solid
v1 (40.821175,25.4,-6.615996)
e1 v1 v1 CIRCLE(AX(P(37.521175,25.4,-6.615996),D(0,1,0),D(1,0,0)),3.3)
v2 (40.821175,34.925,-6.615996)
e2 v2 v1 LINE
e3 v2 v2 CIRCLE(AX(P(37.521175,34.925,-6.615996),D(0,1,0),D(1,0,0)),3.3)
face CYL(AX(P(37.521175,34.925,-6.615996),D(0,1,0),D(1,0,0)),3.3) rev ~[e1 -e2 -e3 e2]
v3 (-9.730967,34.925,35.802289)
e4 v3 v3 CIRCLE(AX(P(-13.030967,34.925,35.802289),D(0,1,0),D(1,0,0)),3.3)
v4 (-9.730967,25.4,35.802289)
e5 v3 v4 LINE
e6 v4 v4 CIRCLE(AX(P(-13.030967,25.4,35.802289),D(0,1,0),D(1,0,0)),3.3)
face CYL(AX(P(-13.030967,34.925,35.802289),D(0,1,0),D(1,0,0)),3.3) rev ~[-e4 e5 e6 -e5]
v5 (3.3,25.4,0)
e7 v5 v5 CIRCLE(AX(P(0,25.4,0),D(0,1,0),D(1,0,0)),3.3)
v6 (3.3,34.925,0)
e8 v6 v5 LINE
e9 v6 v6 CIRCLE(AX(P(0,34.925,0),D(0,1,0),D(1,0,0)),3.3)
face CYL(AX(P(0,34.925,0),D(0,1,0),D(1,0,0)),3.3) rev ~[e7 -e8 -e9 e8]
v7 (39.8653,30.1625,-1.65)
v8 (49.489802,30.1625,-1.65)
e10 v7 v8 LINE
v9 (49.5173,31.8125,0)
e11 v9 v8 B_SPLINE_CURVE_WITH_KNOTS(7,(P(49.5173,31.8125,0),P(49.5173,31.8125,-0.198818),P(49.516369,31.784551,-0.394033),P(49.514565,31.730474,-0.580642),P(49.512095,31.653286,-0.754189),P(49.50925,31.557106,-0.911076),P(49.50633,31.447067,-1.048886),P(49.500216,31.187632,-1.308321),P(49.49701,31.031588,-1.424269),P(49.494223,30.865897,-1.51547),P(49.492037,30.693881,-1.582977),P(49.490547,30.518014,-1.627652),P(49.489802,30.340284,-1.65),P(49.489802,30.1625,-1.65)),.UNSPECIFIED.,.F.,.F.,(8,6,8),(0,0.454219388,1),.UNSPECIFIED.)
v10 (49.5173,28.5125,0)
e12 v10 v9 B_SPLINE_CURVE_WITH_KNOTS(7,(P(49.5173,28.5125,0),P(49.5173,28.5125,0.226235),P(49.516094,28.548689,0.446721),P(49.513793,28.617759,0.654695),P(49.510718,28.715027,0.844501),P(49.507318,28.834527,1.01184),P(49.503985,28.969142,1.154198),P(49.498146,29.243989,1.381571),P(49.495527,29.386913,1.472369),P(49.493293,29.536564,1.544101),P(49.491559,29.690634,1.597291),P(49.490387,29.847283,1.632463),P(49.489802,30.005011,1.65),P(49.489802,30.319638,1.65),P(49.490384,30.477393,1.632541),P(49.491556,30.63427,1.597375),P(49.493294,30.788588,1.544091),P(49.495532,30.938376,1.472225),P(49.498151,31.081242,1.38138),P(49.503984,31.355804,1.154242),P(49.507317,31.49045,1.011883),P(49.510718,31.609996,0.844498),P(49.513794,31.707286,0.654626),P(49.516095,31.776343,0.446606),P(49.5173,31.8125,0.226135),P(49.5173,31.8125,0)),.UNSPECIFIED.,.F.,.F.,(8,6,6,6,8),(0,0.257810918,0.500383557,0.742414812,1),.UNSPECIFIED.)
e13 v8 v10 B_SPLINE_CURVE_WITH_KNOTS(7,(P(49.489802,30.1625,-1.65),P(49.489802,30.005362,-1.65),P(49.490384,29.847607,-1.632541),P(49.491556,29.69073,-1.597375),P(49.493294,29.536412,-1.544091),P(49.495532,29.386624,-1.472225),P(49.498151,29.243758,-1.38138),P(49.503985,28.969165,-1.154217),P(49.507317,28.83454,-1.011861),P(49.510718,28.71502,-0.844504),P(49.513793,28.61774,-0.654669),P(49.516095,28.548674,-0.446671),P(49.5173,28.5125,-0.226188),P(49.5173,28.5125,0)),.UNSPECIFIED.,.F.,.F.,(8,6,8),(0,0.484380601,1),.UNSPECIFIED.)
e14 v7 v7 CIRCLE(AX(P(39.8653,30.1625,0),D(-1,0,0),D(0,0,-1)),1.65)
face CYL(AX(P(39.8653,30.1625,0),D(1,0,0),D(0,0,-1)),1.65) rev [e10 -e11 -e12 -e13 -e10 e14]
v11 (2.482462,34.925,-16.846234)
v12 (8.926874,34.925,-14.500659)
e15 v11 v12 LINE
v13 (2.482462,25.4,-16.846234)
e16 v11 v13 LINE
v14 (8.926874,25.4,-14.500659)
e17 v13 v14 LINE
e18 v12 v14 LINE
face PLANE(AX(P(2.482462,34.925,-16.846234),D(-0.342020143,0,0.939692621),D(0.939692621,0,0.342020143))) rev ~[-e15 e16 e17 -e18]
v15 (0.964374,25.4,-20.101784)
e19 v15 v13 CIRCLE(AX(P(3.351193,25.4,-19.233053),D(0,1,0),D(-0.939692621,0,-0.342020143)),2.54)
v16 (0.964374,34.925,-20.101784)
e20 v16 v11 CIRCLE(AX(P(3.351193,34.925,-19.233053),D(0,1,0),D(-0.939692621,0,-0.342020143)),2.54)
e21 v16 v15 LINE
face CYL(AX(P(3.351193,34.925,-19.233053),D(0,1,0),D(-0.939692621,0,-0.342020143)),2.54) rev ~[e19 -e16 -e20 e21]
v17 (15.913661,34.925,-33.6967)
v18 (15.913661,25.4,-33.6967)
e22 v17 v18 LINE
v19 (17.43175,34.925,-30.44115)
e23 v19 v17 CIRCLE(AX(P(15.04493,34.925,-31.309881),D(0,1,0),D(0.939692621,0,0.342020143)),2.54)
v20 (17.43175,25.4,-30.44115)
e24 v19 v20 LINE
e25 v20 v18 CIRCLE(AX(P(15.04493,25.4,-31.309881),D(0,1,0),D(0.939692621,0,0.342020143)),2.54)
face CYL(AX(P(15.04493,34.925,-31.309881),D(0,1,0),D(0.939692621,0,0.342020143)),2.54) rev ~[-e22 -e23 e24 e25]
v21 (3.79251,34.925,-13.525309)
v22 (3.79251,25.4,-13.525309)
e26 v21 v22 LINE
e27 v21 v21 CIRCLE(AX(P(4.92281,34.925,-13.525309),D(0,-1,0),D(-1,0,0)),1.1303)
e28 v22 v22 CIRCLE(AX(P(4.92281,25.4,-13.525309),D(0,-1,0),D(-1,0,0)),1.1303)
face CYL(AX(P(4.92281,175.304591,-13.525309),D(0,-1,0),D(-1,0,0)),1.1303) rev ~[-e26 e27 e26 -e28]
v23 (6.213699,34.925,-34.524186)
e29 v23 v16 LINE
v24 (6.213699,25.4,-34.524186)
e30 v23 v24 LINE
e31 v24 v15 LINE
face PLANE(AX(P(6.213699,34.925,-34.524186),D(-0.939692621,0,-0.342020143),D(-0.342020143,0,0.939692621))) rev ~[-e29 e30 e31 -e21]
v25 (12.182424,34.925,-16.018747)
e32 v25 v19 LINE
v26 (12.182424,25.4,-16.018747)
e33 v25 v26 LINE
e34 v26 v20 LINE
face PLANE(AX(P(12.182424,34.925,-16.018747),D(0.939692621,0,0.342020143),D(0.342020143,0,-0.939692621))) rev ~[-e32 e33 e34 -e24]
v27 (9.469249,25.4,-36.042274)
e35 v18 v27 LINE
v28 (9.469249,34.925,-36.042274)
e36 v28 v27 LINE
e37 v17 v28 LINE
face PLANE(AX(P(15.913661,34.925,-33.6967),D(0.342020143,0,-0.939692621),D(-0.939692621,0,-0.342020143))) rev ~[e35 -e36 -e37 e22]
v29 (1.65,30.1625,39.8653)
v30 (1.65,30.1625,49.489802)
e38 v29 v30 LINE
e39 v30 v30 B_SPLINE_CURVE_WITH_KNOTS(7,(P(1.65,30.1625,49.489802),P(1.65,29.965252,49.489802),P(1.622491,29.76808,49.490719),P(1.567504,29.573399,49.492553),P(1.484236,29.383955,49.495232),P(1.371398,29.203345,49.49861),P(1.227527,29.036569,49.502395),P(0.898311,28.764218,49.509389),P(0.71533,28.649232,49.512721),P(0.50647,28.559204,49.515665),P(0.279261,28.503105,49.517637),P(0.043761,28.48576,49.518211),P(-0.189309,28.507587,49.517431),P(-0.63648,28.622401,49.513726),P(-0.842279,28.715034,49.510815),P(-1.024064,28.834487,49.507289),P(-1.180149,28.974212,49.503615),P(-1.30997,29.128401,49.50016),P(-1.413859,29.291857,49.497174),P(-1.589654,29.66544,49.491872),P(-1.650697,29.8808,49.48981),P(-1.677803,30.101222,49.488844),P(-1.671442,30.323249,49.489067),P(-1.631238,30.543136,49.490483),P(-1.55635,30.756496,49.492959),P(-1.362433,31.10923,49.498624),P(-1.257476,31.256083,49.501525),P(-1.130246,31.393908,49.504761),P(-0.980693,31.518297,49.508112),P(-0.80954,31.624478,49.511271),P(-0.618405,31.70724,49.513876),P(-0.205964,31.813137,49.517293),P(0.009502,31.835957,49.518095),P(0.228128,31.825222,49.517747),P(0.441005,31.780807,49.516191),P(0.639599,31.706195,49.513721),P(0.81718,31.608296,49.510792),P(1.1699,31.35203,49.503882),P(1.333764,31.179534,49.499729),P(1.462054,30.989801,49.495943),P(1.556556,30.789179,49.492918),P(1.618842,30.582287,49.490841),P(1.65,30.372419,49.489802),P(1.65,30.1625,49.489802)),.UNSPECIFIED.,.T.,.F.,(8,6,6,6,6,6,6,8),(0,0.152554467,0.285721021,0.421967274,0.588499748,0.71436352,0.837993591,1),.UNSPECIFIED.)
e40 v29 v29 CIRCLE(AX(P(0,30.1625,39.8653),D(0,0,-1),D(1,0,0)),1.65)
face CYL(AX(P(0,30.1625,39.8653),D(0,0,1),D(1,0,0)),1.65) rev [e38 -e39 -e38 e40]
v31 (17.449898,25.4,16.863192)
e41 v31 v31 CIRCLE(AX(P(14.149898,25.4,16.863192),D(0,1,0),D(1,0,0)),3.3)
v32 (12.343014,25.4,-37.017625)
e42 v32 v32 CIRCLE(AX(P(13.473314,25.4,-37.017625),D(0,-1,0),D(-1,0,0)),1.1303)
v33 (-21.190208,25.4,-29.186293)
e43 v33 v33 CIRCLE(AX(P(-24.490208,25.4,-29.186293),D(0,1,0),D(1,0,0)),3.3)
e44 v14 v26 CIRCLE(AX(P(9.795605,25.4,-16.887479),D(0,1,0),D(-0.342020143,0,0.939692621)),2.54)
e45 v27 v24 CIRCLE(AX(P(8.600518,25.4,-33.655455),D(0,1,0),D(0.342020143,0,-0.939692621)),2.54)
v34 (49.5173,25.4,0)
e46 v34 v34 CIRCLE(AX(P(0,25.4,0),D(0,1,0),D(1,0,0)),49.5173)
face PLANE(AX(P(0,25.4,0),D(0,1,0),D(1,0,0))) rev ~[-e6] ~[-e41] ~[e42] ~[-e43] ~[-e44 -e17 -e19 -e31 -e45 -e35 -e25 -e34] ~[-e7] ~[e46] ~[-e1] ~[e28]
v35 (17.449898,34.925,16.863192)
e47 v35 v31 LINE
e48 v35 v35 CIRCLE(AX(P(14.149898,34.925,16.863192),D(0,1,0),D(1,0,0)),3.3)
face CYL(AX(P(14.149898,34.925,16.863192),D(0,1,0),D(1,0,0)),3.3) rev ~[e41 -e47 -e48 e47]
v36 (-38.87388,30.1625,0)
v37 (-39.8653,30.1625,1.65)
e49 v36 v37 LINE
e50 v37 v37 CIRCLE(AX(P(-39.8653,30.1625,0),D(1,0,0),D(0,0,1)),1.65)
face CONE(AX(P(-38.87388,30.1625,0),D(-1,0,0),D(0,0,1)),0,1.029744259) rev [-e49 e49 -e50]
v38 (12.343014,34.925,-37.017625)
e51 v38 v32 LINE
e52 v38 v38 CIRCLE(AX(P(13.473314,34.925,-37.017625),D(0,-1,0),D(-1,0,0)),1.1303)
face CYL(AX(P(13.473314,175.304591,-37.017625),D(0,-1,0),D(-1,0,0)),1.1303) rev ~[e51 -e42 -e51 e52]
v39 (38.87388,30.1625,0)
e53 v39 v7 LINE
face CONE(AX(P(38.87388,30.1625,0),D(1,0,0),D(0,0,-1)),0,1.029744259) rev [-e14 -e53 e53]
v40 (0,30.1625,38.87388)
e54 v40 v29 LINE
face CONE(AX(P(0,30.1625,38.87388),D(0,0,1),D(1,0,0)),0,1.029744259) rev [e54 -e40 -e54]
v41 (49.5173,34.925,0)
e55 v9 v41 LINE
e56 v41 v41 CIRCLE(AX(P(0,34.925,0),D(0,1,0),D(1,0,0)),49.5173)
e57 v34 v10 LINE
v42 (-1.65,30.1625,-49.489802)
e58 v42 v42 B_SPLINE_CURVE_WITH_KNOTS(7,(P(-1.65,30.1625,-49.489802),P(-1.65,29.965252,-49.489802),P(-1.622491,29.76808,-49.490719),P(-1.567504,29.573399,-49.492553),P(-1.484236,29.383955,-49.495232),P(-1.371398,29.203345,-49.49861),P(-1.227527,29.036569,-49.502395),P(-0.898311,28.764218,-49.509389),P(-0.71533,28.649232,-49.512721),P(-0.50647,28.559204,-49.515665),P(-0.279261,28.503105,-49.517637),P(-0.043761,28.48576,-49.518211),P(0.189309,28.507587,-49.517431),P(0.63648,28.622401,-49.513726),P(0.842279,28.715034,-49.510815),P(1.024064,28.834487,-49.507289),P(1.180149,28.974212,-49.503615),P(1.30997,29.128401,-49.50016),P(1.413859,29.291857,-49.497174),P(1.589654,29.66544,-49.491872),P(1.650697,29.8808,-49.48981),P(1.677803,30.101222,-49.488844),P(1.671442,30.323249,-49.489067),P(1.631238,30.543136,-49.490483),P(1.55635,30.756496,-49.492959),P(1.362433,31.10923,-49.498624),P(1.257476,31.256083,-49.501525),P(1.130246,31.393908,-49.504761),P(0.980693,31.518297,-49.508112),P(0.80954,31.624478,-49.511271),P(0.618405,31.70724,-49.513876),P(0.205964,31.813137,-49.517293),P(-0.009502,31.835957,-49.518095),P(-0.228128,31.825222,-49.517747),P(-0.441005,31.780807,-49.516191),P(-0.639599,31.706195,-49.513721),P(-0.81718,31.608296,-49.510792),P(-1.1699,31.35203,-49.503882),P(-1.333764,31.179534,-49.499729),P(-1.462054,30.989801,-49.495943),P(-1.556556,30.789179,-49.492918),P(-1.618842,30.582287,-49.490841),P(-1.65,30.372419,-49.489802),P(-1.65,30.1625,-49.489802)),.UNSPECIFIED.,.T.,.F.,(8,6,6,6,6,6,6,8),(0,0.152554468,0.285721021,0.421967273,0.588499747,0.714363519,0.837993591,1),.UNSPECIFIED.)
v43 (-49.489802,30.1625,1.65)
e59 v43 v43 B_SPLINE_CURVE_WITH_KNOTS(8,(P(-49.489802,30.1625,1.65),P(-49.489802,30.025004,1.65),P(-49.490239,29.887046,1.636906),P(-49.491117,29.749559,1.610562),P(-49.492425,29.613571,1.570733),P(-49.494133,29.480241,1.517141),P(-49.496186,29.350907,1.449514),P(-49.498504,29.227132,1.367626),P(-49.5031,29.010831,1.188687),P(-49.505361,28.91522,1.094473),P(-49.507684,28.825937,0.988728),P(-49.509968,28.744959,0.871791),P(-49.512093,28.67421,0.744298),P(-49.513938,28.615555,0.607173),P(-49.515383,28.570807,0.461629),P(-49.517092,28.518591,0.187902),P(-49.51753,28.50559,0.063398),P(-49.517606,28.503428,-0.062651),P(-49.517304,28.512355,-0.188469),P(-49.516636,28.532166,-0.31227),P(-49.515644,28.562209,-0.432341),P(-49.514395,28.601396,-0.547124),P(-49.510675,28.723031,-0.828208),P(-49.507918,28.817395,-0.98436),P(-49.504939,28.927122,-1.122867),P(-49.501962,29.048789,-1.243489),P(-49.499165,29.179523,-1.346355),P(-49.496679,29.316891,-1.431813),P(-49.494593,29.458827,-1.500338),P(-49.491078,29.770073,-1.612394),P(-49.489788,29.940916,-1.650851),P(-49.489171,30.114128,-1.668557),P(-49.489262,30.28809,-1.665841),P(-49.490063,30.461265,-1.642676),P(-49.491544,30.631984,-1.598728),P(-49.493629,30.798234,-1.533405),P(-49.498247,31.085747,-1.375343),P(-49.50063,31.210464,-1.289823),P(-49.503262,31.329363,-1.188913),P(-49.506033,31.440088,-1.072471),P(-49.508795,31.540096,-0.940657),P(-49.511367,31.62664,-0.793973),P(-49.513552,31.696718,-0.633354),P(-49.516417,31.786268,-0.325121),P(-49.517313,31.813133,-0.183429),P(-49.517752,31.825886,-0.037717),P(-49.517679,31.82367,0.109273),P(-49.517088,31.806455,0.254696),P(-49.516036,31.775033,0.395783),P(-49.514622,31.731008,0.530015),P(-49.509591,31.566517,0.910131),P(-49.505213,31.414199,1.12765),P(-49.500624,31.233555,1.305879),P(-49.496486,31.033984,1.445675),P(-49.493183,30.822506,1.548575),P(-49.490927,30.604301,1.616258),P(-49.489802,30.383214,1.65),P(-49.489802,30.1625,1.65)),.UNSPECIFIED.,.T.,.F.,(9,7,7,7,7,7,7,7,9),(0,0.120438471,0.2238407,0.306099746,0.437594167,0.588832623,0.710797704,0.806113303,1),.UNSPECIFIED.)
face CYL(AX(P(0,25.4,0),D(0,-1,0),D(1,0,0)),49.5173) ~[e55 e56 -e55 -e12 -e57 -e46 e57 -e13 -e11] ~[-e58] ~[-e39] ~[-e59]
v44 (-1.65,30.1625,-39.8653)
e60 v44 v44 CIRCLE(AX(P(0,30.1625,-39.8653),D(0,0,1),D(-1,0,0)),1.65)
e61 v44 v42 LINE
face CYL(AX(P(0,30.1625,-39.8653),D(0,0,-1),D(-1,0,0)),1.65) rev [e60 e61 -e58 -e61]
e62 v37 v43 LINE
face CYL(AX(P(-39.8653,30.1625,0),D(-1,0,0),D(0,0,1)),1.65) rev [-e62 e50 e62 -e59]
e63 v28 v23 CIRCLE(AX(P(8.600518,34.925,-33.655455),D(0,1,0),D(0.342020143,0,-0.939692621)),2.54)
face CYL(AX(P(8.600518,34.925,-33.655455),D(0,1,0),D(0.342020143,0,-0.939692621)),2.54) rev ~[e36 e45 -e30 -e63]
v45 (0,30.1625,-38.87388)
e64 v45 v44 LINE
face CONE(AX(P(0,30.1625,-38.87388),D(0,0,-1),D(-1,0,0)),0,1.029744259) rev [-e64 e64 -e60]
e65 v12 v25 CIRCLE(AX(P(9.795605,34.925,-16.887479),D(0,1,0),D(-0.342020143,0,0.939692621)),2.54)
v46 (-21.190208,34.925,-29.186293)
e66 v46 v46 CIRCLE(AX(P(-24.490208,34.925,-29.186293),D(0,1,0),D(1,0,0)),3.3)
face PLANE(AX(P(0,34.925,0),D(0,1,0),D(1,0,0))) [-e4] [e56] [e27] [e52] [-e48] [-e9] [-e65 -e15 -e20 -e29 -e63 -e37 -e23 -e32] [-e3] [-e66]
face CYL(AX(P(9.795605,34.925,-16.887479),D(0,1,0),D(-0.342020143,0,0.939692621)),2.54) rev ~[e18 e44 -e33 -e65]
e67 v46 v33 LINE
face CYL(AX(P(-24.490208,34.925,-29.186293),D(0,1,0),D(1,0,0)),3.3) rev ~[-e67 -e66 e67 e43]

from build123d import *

# Parameters (mm, degrees)
SKETCH1_R                 = 78.359
SKETCH1_R_2               = 51.1048
BOSS_EXTRUDE1_DEPTH       = 25.4
SKETCH6_R                 = 49.5173
BOSS_EXTRUDE5_DEPTH       = 9.525
SKETCH7_R                 = 49.5173
BOSS_EXTRUDE6_DEPTH       = 9.525
SKETCH9_R                 = 3.3
CUT_EXTRUDE6_DEPTH        = 45.45
SKETCH10_R                = 82.322787435
CUT_EXTRUDE7_DEPTH        = 35.925
TAP_DRILL_FOR_4_40_TAP1_D = 2.2606
CUT_EXTRUDE9_DEPTH        = 10.525
CIRPATTERN1_COUNT         = 4


with BuildPart() as part:
    # Sketch1 → Boss-Extrude1 (new body)
    with BuildSketch(Plane(origin=(0, 0, 0), x_dir=(1, 0, 0), z_dir=(0, 1, 0))):
        Circle(SKETCH1_R)
        Circle(SKETCH1_R_2, mode=Mode.SUBTRACT)
    extrude(amount=BOSS_EXTRUDE1_DEPTH)


with BuildPart() as body_2:
    # Sketch6 → Boss-Extrude5 (new body)
    with BuildSketch(Plane(origin=(0, 25.4, 0), x_dir=(1, 0, 0), z_dir=(0, 1, 0))):
        Circle(SKETCH6_R)
    extrude(amount=BOSS_EXTRUDE5_DEPTH)


with BuildPart() as body_3:
    # Sketch7 → Boss-Extrude6 (new body)
    with BuildSketch(Plane.XZ):
        Circle(SKETCH7_R)
    extrude(amount=BOSS_EXTRUDE6_DEPTH)


with BuildPart() as cut_extrude6_tool:
    # Sketch9 → Cut-Extrude6 (new body, through all)
    with BuildSketch(Plane(origin=(0, 34.925, 0), x_dir=(1, 0, 0), z_dir=(0, 1, 0))):
        Circle(SKETCH9_R)
        with Locations((-13.030967461, -35.802288852)):
            Circle(SKETCH9_R)
        with Locations((14.149897915, -16.863191675)):
            Circle(SKETCH9_R)
        with Locations((-24.490207929, 29.186293283)):
            Circle(SKETCH9_R)
        with Locations((37.52117539, 6.615995569)):
            Circle(SKETCH9_R)
    extrude(amount=-CUT_EXTRUDE6_DEPTH)


with BuildPart() as body_2_1:
    add(body_2.part)

    # Cut-Extrude6: cut by cut_extrude6_tool
    add(cut_extrude6_tool.part, mode=Mode.SUBTRACT)

    # Tap Drill for #4-40 Tap1 (through all)
    with Locations(Plane(origin=(0, 34.925, 0), x_dir=(1, 0, 0), z_dir=(0, 1, 0))):
        with Locations((4.92280993, 13.525309122), (13.473313526, 37.017624677)):
            Hole(TAP_DRILL_FOR_4_40_TAP1_D / 2)

    # Sketch14 → Cut-Extrude9 (cut, through all)
    with BuildSketch(Plane(origin=(0, 34.925, 0), x_dir=(1, 0, 0), z_dir=(0, 1, 0))):
        with BuildLine():
            Line((12.182424395, 16.018747474), (17.431749568, 30.441149854))
            ThreePointArc((17.431749568, 30.441149854), (17.34695209, 32.383331403), (15.913661475, 33.696700275))
            Line((15.913661475, 33.696700275), (9.469249481, 36.042274418))
            ThreePointArc((9.469249481, 36.042274418), (7.527067933, 35.95747694), (6.213699061, 34.524186325))
            Line((6.213699061, 34.524186325), (0.964373888, 20.101783945))
            ThreePointArc((0.964373888, 20.101783945), (1.049171366, 18.159602396), (2.482461981, 16.846233524))
            Line((2.482461981, 16.846233524), (8.926873974, 14.500659381))
            ThreePointArc((8.926873974, 14.500659381), (10.869055523, 14.585456859), (12.182424395, 16.018747474))
        make_face()
    extrude(amount=-CUT_EXTRUDE9_DEPTH, mode=Mode.SUBTRACT)

    # Sketch17 → Tap Drill for M4x0.7 Tap1 (revolve, cut)
    with BuildSketch(Plane(origin=(49.5173, 30.1625, 0), x_dir=(0, 0, -1), z_dir=(0, 1, 0))):
        Polygon((0, 0), (0, 10.643420021), (1.65, 9.652), (1.65, 0), align=None)
    tap_drill_for_m4x0_7_tap1 = revolve(axis=Axis((55.8673, 30.1625, 0), (-1, 0, 0)), mode=Mode.SUBTRACT)

    # CirPattern1: Tap Drill for M4x0.7 Tap1 ×4 about axis
    cirpattern1_axis = Axis((0, 34.925, 0), (0, 1, 0))
    for i in range(1, CIRPATTERN1_COUNT):
        add(tap_drill_for_m4x0_7_tap1.rotate(cirpattern1_axis, i * 360 / CIRPATTERN1_COUNT), mode=Mode.SUBTRACT)


with BuildPart() as body_3_1:
    add(body_3.part)

    # Cut-Extrude6: cut by cut_extrude6_tool
    add(cut_extrude6_tool.part, mode=Mode.SUBTRACT)


with BuildPart() as cut_extrude7_tool:
    # Sketch10 → Cut-Extrude7 (new body, through all)
    with BuildSketch(Plane(origin=(0, 25.4, 0), x_dir=(1, 0, 0), z_dir=(0, 1, 0))):
        Circle(SKETCH10_R)
    extrude(amount=-CUT_EXTRUDE7_DEPTH)


with BuildPart() as part_1:
    add(part.part)

    # Cut-Extrude7: cut by cut_extrude7_tool
    add(cut_extrude7_tool.part, mode=Mode.SUBTRACT)


with BuildPart() as body_3_2:
    add(body_3_1.part)

    # Cut-Extrude7: cut by cut_extrude7_tool
    add(cut_extrude7_tool.part, mode=Mode.SUBTRACT)


solid = body_2_1.part
